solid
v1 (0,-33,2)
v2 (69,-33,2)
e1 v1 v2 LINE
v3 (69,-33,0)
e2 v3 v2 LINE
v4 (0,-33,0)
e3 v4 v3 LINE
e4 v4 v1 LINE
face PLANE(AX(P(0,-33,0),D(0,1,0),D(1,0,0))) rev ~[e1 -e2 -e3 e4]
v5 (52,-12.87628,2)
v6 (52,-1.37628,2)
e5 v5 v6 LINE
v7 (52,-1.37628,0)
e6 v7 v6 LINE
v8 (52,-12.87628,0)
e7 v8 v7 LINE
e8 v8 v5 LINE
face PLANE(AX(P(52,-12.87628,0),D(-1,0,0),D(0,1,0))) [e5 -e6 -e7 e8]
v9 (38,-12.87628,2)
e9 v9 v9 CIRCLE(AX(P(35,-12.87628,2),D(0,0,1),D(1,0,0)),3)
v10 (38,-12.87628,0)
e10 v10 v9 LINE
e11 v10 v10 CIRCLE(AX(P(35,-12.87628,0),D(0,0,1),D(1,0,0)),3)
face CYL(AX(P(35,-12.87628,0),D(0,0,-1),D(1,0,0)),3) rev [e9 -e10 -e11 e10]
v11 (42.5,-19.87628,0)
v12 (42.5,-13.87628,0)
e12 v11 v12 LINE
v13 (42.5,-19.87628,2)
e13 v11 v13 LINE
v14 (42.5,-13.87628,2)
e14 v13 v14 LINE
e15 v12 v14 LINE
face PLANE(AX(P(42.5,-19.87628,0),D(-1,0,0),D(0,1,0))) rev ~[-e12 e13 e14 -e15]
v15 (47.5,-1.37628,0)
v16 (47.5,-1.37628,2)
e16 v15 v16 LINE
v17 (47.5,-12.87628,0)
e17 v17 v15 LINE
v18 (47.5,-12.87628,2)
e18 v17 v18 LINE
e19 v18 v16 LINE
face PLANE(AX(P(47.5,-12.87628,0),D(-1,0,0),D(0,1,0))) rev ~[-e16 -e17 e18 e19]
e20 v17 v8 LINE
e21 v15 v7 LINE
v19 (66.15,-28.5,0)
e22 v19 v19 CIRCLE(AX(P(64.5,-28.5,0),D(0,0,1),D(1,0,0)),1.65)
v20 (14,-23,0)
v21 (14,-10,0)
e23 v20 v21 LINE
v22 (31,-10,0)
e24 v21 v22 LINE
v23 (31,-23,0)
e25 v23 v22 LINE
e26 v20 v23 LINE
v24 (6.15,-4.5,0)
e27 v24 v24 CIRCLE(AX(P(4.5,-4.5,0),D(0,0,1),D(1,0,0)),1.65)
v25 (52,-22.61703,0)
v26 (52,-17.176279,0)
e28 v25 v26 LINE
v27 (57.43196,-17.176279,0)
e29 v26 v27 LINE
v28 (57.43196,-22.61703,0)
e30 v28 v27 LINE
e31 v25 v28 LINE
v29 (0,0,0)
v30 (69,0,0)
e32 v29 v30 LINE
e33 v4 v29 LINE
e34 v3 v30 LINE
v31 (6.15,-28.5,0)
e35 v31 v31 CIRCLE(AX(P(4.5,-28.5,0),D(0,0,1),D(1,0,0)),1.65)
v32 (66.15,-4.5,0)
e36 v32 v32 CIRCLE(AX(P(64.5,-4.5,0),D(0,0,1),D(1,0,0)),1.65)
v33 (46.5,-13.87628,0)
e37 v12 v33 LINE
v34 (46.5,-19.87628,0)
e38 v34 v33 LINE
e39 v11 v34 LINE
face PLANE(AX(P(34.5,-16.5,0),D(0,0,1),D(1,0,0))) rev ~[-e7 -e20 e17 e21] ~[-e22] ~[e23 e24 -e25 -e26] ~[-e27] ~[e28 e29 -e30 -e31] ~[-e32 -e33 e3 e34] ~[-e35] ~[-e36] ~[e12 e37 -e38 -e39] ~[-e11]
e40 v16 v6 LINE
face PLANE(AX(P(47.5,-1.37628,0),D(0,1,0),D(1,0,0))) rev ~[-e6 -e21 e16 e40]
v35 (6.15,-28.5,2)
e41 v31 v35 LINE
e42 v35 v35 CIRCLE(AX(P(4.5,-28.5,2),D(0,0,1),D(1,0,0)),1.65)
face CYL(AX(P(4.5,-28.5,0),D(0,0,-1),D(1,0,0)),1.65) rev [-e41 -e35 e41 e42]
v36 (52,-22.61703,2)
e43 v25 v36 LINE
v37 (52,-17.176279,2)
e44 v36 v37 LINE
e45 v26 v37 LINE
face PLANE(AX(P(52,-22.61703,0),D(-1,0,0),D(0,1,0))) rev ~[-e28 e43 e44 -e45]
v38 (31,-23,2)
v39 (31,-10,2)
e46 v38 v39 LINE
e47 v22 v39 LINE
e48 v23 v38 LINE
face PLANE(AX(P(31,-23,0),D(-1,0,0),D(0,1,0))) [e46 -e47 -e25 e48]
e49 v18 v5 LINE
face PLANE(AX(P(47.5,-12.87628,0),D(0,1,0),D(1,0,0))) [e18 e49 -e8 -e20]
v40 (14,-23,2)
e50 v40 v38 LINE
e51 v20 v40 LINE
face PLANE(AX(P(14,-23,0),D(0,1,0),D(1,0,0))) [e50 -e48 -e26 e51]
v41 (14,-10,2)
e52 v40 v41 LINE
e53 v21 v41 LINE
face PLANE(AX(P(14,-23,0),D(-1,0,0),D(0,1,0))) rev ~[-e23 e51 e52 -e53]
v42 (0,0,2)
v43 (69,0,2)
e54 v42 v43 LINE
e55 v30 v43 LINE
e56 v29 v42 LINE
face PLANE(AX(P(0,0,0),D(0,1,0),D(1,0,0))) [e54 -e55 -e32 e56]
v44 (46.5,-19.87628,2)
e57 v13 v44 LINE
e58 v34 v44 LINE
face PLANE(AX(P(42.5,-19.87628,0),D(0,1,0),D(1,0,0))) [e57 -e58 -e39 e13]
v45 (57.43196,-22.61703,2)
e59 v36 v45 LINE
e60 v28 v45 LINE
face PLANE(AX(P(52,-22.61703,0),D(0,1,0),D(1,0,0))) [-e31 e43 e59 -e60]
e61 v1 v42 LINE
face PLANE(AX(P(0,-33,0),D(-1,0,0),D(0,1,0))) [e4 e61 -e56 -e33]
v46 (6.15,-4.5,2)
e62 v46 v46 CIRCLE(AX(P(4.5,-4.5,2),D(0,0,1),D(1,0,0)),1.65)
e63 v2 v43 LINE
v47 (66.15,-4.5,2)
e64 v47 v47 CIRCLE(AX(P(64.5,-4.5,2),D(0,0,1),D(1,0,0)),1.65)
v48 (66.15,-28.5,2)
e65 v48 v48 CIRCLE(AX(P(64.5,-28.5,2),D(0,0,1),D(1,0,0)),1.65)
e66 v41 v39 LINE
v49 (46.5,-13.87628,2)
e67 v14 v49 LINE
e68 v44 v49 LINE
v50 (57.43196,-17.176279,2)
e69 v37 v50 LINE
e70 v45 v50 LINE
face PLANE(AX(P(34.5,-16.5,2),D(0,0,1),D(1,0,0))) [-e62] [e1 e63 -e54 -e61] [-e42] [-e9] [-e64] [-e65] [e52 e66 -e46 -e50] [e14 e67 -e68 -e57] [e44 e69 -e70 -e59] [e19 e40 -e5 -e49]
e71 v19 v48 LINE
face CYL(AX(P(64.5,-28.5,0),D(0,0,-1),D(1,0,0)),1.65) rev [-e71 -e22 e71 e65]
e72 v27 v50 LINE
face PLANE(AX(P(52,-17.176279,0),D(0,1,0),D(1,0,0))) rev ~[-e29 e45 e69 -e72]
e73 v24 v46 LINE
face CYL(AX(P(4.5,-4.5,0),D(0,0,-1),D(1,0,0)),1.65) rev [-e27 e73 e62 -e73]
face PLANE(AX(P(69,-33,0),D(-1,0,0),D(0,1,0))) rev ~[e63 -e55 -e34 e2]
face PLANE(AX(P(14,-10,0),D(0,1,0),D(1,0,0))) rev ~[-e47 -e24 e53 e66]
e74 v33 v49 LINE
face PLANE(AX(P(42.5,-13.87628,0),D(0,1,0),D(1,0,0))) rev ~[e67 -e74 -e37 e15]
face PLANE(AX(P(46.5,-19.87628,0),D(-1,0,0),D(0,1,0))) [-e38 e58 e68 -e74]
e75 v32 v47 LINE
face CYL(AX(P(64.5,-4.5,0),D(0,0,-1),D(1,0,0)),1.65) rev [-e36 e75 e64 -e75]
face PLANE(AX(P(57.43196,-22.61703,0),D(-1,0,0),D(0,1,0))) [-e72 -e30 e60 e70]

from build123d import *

# Parameters (mm, degrees)
F0_W     = 69
F0_H     = 33
F0_R     = 1.65
F0_W_2   = 4
F0_H_2   = 6
F0_W_3   = 5.43196
F0_H_3   = 5.440751
F0_W_4   = 17
F0_H_4   = 13
F0_R_2   = 3
F0_W_5   = 4.5
F0_H_5   = 11.5
F1_DEPTH = 2


with BuildPart() as f1:
    # F0 (on Top) → F1 (new body)
    with BuildSketch(Plane.XY):
        with Locations((34.5, -16.5)):
            Rectangle(F0_W, F0_H)
        with Locations((4.5, -28.5)):
            Circle(F0_R, mode=Mode.SUBTRACT)
        with Locations((64.5, -28.5)):
            Circle(F0_R, mode=Mode.SUBTRACT)
        with Locations((44.5, -16.87628)):
            Rectangle(F0_W_2, F0_H_2, mode=Mode.SUBTRACT)
        with Locations((54.71598, -19.896655)):
            Rectangle(F0_W_3, F0_H_3, mode=Mode.SUBTRACT)
        with Locations((22.5, -16.5)):
            Rectangle(F0_W_4, F0_H_4, mode=Mode.SUBTRACT)
        with Locations((4.5, -4.5)):
            Circle(F0_R, mode=Mode.SUBTRACT)
        with Locations((35, -12.87628)):
            Circle(F0_R_2, mode=Mode.SUBTRACT)
        with Locations((49.75, -7.12628)):
            Rectangle(F0_W_5, F0_H_5, mode=Mode.SUBTRACT)
        with Locations((64.5, -4.5)):
            Circle(F0_R, mode=Mode.SUBTRACT)
    extrude(amount=F1_DEPTH)


solid = f1.part
